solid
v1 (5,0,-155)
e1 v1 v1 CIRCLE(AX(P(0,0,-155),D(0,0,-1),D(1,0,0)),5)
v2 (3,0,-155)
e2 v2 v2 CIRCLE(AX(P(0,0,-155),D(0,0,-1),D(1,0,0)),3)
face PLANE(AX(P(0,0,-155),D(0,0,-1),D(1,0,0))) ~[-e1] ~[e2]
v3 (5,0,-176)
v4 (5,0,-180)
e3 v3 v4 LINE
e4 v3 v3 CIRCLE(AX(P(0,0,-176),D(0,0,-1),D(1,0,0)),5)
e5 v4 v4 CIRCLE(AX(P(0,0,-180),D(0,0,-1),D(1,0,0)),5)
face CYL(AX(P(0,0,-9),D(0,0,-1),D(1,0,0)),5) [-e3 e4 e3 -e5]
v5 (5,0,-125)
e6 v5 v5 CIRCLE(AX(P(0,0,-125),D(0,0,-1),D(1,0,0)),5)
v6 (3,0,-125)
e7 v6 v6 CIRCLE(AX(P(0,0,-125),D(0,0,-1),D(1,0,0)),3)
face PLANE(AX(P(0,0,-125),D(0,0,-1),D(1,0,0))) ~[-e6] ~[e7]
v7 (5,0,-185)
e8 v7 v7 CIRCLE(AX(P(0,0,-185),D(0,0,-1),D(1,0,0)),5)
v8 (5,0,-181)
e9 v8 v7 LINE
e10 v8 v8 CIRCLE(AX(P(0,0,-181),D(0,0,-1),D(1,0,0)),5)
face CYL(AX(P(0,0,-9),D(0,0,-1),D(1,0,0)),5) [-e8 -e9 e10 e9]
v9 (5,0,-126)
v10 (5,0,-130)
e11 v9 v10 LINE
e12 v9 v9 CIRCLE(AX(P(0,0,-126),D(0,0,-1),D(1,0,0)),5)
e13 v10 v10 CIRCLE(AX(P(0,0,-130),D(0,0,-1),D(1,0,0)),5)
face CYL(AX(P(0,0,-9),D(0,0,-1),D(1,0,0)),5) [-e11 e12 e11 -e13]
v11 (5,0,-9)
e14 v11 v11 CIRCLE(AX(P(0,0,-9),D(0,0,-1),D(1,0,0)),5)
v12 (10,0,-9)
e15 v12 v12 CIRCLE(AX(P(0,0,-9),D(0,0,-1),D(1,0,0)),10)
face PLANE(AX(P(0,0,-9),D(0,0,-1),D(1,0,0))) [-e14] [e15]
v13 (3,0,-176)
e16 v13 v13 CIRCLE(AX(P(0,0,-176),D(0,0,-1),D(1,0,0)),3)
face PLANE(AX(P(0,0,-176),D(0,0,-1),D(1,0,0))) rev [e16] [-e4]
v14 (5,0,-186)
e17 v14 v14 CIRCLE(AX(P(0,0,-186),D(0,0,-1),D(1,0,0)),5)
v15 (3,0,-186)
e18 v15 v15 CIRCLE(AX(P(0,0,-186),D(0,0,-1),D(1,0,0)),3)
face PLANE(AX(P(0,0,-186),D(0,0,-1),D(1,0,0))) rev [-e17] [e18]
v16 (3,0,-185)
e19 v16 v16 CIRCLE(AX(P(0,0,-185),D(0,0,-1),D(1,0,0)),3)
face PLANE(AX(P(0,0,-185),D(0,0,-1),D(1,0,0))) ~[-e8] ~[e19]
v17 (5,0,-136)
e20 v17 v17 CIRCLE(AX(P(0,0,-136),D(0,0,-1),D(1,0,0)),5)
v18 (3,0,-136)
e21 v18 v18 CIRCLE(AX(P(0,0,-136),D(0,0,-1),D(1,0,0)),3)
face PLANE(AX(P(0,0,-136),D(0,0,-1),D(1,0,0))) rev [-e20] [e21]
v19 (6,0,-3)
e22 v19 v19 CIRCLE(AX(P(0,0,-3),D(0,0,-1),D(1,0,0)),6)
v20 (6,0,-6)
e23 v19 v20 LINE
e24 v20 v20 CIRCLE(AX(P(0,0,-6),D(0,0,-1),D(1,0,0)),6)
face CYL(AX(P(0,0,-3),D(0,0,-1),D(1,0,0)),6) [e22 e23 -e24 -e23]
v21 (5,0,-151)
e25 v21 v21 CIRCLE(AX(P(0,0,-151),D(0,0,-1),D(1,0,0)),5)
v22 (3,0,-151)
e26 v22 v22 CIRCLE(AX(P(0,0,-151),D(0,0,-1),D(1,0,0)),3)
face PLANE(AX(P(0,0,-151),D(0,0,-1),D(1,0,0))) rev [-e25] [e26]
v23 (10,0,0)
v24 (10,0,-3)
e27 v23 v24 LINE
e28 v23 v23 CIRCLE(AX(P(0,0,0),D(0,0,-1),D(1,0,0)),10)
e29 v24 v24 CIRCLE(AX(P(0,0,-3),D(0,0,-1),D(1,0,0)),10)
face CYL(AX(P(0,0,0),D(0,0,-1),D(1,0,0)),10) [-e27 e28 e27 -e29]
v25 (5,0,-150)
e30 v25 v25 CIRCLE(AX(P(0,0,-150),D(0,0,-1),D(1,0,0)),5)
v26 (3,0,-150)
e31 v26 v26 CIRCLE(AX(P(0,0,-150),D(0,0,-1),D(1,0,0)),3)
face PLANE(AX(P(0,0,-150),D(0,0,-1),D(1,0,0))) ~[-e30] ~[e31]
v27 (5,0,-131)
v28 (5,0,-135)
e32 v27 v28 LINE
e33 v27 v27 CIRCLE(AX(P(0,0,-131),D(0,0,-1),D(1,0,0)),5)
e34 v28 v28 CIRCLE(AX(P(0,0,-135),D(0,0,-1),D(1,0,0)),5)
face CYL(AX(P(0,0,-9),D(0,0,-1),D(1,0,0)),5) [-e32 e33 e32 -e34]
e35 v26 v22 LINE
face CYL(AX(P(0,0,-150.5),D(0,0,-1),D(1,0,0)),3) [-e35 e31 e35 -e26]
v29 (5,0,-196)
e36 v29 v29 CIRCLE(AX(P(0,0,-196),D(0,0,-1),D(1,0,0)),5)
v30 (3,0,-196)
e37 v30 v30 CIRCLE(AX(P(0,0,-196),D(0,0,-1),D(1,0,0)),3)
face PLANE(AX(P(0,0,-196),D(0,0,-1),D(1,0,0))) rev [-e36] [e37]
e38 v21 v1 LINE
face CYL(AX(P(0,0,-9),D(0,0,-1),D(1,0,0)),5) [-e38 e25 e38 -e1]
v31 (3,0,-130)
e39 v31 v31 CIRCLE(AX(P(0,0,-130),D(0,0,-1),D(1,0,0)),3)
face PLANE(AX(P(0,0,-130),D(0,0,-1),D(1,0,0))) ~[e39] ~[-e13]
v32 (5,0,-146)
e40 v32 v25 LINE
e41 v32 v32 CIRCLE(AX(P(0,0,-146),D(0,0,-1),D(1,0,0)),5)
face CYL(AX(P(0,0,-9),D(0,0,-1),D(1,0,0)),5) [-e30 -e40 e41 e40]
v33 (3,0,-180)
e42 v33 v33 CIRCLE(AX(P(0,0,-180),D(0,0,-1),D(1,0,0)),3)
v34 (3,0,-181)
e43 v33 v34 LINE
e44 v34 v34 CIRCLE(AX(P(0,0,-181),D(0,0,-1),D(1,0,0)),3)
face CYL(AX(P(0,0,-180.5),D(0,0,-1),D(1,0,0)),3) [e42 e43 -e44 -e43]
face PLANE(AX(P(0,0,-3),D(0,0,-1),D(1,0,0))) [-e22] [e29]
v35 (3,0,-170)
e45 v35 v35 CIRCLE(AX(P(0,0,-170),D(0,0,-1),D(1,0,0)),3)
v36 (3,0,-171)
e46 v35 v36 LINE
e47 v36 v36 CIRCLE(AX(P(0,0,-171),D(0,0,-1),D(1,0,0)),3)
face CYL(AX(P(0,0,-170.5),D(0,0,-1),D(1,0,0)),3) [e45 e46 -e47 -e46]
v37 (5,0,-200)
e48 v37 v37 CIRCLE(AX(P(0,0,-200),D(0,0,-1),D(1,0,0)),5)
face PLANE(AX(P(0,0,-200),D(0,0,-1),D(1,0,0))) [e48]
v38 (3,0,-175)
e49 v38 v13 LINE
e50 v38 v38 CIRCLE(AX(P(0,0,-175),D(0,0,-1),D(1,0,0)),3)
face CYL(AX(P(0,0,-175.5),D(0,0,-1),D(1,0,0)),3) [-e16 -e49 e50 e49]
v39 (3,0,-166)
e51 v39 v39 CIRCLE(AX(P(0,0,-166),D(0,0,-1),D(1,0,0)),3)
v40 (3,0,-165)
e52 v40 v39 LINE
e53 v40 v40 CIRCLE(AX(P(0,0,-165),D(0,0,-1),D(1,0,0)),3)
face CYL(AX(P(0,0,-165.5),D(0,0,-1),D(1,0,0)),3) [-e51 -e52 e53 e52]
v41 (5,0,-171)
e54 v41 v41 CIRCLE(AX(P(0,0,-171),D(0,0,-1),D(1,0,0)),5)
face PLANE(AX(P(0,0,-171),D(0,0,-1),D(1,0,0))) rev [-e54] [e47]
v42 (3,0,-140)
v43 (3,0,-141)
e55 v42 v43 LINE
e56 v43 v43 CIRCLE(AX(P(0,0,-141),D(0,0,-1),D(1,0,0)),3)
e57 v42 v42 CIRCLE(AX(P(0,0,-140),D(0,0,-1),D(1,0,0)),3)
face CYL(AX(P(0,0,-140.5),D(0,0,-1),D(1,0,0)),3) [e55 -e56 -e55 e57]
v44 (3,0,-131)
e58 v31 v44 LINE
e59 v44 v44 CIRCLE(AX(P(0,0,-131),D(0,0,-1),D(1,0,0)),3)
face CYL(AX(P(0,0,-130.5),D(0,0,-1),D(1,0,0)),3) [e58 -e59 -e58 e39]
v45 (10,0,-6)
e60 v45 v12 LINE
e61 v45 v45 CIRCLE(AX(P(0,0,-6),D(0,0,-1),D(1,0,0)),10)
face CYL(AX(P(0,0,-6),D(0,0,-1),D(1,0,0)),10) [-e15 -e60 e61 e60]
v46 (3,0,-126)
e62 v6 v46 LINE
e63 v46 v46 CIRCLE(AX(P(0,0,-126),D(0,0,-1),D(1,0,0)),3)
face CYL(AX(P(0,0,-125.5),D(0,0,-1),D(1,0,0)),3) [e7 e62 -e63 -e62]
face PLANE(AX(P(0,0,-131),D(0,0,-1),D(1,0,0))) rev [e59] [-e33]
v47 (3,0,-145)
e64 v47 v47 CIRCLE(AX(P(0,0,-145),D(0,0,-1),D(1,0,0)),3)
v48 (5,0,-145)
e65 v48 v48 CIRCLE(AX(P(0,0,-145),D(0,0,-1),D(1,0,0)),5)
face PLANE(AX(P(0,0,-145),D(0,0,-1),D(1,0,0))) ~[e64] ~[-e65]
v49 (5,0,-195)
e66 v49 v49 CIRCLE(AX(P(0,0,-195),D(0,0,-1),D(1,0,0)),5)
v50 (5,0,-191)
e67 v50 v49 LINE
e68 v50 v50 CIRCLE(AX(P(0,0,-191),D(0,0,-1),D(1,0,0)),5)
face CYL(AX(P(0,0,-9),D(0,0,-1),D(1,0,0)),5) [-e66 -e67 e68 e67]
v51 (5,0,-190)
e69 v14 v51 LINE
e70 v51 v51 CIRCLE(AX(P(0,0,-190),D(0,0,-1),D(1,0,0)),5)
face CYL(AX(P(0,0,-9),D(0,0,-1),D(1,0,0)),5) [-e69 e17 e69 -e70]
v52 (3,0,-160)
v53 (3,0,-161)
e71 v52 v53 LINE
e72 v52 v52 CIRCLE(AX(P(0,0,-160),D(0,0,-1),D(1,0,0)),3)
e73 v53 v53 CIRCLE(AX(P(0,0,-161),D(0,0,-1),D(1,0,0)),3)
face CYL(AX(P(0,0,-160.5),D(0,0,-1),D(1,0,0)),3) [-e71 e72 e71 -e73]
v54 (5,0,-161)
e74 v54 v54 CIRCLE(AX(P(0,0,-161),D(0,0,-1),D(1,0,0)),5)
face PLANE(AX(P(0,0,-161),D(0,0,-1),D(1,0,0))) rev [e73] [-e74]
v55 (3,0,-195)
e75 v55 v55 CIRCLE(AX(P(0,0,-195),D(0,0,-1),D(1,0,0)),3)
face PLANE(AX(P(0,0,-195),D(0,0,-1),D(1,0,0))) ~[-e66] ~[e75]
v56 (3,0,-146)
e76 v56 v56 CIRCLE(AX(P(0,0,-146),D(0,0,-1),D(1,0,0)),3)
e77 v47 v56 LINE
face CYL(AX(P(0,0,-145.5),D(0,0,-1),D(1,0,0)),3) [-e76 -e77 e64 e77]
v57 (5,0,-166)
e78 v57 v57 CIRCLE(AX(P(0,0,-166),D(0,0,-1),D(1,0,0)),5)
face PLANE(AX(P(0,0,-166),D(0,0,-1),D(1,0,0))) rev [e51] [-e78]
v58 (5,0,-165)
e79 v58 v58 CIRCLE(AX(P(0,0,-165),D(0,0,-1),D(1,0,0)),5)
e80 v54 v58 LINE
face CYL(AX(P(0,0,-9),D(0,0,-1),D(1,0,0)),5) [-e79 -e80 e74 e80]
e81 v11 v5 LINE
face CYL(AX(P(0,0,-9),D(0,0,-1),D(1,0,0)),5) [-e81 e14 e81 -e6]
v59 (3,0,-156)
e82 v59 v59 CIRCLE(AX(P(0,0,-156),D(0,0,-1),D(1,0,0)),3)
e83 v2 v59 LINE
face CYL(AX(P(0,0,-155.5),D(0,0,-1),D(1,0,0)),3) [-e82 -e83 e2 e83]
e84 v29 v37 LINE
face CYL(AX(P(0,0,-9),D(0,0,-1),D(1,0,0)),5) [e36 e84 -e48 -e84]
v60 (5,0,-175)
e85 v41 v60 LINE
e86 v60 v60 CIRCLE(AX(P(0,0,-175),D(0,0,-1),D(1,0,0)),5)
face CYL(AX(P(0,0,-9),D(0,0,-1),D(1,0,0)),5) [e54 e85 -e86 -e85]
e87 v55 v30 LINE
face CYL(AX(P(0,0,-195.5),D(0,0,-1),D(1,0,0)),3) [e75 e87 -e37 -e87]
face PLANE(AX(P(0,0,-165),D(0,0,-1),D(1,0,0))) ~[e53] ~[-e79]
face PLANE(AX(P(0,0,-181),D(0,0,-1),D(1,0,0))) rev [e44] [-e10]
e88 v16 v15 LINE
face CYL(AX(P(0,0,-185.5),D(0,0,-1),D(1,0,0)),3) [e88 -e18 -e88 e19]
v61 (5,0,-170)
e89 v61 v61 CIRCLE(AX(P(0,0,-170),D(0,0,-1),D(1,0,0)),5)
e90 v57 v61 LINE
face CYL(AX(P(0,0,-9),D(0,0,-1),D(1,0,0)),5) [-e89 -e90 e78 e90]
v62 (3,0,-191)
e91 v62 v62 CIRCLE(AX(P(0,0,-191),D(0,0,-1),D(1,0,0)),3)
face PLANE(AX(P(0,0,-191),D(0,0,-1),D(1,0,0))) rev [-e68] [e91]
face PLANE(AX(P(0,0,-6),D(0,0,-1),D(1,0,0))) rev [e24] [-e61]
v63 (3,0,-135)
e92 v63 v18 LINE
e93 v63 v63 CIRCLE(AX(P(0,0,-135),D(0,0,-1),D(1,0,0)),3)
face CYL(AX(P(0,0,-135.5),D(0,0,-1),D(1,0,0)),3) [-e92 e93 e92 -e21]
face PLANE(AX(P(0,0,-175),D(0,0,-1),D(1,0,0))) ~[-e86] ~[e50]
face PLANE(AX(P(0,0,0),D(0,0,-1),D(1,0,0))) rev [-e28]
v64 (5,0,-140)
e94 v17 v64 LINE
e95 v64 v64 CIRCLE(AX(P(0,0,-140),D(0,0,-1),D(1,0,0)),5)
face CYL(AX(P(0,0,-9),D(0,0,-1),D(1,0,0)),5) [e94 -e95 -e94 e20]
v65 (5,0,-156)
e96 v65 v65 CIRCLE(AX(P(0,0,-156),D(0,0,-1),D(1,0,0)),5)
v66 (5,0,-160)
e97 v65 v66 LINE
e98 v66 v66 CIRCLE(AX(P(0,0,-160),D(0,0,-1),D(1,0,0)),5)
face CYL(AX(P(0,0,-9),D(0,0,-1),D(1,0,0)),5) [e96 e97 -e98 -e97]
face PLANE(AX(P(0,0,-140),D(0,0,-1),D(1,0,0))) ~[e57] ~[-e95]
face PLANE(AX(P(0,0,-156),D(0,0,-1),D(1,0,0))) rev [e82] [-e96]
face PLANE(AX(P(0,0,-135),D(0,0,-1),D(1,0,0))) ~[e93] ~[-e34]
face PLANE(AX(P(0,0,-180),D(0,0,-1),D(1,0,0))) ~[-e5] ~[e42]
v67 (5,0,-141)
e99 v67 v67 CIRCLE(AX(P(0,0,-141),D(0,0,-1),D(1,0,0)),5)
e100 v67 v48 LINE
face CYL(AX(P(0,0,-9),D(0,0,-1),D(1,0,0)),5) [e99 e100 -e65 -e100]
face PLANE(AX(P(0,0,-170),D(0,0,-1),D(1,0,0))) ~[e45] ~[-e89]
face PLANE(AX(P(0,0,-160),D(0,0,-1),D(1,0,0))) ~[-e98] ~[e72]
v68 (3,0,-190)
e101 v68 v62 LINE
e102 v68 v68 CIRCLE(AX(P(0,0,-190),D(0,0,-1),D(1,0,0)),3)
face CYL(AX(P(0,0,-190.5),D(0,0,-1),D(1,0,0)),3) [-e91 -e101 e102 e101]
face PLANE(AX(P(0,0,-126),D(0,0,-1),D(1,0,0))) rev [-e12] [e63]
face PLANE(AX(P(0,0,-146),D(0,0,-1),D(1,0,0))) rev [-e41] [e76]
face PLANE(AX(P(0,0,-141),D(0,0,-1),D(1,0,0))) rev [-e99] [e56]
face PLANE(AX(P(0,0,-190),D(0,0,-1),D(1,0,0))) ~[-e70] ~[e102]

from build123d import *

# Parameters (mm, degrees)
SKETCH3_W       = 2
SKETCH3_H       = 1
LPATTERN1_COUNT = 15
LPATTERN1_PITCH = 5


with BuildPart() as part:
    # Sketch2 → Revolve1 (revolve)
    with BuildSketch(Plane(origin=(0, 0, 0), x_dir=(1, 0, 0), z_dir=(0, 1, 0))):
        Polygon((0, 0), (10, 0), (10, 3), (6, 3), (6, 6), (10, 6), (10, 9), (5, 9), (5, 200), (0, 200), align=None)
    revolve(axis=Axis((0, 0, 0), (0, 0, -1)))

    # Sketch3 → Cut-Revolve1 (revolve, cut)
    with BuildSketch(Plane(origin=(0, 0, 0), x_dir=(1, 0, 0), z_dir=(0, 1, 0))):
        with Locations((4, 195.5)):
            Rectangle(SKETCH3_W, SKETCH3_H)
    cut_revolve1 = revolve(axis=Axis((0, 0, 0), (0, 0, -1)), mode=Mode.SUBTRACT)

    # LPattern1: Cut-Revolve1 ×15
    with Locations(*[(0, 0, i * LPATTERN1_PITCH) for i in range(1, LPATTERN1_COUNT)]):
        add(cut_revolve1, mode=Mode.SUBTRACT)


solid = part.part
